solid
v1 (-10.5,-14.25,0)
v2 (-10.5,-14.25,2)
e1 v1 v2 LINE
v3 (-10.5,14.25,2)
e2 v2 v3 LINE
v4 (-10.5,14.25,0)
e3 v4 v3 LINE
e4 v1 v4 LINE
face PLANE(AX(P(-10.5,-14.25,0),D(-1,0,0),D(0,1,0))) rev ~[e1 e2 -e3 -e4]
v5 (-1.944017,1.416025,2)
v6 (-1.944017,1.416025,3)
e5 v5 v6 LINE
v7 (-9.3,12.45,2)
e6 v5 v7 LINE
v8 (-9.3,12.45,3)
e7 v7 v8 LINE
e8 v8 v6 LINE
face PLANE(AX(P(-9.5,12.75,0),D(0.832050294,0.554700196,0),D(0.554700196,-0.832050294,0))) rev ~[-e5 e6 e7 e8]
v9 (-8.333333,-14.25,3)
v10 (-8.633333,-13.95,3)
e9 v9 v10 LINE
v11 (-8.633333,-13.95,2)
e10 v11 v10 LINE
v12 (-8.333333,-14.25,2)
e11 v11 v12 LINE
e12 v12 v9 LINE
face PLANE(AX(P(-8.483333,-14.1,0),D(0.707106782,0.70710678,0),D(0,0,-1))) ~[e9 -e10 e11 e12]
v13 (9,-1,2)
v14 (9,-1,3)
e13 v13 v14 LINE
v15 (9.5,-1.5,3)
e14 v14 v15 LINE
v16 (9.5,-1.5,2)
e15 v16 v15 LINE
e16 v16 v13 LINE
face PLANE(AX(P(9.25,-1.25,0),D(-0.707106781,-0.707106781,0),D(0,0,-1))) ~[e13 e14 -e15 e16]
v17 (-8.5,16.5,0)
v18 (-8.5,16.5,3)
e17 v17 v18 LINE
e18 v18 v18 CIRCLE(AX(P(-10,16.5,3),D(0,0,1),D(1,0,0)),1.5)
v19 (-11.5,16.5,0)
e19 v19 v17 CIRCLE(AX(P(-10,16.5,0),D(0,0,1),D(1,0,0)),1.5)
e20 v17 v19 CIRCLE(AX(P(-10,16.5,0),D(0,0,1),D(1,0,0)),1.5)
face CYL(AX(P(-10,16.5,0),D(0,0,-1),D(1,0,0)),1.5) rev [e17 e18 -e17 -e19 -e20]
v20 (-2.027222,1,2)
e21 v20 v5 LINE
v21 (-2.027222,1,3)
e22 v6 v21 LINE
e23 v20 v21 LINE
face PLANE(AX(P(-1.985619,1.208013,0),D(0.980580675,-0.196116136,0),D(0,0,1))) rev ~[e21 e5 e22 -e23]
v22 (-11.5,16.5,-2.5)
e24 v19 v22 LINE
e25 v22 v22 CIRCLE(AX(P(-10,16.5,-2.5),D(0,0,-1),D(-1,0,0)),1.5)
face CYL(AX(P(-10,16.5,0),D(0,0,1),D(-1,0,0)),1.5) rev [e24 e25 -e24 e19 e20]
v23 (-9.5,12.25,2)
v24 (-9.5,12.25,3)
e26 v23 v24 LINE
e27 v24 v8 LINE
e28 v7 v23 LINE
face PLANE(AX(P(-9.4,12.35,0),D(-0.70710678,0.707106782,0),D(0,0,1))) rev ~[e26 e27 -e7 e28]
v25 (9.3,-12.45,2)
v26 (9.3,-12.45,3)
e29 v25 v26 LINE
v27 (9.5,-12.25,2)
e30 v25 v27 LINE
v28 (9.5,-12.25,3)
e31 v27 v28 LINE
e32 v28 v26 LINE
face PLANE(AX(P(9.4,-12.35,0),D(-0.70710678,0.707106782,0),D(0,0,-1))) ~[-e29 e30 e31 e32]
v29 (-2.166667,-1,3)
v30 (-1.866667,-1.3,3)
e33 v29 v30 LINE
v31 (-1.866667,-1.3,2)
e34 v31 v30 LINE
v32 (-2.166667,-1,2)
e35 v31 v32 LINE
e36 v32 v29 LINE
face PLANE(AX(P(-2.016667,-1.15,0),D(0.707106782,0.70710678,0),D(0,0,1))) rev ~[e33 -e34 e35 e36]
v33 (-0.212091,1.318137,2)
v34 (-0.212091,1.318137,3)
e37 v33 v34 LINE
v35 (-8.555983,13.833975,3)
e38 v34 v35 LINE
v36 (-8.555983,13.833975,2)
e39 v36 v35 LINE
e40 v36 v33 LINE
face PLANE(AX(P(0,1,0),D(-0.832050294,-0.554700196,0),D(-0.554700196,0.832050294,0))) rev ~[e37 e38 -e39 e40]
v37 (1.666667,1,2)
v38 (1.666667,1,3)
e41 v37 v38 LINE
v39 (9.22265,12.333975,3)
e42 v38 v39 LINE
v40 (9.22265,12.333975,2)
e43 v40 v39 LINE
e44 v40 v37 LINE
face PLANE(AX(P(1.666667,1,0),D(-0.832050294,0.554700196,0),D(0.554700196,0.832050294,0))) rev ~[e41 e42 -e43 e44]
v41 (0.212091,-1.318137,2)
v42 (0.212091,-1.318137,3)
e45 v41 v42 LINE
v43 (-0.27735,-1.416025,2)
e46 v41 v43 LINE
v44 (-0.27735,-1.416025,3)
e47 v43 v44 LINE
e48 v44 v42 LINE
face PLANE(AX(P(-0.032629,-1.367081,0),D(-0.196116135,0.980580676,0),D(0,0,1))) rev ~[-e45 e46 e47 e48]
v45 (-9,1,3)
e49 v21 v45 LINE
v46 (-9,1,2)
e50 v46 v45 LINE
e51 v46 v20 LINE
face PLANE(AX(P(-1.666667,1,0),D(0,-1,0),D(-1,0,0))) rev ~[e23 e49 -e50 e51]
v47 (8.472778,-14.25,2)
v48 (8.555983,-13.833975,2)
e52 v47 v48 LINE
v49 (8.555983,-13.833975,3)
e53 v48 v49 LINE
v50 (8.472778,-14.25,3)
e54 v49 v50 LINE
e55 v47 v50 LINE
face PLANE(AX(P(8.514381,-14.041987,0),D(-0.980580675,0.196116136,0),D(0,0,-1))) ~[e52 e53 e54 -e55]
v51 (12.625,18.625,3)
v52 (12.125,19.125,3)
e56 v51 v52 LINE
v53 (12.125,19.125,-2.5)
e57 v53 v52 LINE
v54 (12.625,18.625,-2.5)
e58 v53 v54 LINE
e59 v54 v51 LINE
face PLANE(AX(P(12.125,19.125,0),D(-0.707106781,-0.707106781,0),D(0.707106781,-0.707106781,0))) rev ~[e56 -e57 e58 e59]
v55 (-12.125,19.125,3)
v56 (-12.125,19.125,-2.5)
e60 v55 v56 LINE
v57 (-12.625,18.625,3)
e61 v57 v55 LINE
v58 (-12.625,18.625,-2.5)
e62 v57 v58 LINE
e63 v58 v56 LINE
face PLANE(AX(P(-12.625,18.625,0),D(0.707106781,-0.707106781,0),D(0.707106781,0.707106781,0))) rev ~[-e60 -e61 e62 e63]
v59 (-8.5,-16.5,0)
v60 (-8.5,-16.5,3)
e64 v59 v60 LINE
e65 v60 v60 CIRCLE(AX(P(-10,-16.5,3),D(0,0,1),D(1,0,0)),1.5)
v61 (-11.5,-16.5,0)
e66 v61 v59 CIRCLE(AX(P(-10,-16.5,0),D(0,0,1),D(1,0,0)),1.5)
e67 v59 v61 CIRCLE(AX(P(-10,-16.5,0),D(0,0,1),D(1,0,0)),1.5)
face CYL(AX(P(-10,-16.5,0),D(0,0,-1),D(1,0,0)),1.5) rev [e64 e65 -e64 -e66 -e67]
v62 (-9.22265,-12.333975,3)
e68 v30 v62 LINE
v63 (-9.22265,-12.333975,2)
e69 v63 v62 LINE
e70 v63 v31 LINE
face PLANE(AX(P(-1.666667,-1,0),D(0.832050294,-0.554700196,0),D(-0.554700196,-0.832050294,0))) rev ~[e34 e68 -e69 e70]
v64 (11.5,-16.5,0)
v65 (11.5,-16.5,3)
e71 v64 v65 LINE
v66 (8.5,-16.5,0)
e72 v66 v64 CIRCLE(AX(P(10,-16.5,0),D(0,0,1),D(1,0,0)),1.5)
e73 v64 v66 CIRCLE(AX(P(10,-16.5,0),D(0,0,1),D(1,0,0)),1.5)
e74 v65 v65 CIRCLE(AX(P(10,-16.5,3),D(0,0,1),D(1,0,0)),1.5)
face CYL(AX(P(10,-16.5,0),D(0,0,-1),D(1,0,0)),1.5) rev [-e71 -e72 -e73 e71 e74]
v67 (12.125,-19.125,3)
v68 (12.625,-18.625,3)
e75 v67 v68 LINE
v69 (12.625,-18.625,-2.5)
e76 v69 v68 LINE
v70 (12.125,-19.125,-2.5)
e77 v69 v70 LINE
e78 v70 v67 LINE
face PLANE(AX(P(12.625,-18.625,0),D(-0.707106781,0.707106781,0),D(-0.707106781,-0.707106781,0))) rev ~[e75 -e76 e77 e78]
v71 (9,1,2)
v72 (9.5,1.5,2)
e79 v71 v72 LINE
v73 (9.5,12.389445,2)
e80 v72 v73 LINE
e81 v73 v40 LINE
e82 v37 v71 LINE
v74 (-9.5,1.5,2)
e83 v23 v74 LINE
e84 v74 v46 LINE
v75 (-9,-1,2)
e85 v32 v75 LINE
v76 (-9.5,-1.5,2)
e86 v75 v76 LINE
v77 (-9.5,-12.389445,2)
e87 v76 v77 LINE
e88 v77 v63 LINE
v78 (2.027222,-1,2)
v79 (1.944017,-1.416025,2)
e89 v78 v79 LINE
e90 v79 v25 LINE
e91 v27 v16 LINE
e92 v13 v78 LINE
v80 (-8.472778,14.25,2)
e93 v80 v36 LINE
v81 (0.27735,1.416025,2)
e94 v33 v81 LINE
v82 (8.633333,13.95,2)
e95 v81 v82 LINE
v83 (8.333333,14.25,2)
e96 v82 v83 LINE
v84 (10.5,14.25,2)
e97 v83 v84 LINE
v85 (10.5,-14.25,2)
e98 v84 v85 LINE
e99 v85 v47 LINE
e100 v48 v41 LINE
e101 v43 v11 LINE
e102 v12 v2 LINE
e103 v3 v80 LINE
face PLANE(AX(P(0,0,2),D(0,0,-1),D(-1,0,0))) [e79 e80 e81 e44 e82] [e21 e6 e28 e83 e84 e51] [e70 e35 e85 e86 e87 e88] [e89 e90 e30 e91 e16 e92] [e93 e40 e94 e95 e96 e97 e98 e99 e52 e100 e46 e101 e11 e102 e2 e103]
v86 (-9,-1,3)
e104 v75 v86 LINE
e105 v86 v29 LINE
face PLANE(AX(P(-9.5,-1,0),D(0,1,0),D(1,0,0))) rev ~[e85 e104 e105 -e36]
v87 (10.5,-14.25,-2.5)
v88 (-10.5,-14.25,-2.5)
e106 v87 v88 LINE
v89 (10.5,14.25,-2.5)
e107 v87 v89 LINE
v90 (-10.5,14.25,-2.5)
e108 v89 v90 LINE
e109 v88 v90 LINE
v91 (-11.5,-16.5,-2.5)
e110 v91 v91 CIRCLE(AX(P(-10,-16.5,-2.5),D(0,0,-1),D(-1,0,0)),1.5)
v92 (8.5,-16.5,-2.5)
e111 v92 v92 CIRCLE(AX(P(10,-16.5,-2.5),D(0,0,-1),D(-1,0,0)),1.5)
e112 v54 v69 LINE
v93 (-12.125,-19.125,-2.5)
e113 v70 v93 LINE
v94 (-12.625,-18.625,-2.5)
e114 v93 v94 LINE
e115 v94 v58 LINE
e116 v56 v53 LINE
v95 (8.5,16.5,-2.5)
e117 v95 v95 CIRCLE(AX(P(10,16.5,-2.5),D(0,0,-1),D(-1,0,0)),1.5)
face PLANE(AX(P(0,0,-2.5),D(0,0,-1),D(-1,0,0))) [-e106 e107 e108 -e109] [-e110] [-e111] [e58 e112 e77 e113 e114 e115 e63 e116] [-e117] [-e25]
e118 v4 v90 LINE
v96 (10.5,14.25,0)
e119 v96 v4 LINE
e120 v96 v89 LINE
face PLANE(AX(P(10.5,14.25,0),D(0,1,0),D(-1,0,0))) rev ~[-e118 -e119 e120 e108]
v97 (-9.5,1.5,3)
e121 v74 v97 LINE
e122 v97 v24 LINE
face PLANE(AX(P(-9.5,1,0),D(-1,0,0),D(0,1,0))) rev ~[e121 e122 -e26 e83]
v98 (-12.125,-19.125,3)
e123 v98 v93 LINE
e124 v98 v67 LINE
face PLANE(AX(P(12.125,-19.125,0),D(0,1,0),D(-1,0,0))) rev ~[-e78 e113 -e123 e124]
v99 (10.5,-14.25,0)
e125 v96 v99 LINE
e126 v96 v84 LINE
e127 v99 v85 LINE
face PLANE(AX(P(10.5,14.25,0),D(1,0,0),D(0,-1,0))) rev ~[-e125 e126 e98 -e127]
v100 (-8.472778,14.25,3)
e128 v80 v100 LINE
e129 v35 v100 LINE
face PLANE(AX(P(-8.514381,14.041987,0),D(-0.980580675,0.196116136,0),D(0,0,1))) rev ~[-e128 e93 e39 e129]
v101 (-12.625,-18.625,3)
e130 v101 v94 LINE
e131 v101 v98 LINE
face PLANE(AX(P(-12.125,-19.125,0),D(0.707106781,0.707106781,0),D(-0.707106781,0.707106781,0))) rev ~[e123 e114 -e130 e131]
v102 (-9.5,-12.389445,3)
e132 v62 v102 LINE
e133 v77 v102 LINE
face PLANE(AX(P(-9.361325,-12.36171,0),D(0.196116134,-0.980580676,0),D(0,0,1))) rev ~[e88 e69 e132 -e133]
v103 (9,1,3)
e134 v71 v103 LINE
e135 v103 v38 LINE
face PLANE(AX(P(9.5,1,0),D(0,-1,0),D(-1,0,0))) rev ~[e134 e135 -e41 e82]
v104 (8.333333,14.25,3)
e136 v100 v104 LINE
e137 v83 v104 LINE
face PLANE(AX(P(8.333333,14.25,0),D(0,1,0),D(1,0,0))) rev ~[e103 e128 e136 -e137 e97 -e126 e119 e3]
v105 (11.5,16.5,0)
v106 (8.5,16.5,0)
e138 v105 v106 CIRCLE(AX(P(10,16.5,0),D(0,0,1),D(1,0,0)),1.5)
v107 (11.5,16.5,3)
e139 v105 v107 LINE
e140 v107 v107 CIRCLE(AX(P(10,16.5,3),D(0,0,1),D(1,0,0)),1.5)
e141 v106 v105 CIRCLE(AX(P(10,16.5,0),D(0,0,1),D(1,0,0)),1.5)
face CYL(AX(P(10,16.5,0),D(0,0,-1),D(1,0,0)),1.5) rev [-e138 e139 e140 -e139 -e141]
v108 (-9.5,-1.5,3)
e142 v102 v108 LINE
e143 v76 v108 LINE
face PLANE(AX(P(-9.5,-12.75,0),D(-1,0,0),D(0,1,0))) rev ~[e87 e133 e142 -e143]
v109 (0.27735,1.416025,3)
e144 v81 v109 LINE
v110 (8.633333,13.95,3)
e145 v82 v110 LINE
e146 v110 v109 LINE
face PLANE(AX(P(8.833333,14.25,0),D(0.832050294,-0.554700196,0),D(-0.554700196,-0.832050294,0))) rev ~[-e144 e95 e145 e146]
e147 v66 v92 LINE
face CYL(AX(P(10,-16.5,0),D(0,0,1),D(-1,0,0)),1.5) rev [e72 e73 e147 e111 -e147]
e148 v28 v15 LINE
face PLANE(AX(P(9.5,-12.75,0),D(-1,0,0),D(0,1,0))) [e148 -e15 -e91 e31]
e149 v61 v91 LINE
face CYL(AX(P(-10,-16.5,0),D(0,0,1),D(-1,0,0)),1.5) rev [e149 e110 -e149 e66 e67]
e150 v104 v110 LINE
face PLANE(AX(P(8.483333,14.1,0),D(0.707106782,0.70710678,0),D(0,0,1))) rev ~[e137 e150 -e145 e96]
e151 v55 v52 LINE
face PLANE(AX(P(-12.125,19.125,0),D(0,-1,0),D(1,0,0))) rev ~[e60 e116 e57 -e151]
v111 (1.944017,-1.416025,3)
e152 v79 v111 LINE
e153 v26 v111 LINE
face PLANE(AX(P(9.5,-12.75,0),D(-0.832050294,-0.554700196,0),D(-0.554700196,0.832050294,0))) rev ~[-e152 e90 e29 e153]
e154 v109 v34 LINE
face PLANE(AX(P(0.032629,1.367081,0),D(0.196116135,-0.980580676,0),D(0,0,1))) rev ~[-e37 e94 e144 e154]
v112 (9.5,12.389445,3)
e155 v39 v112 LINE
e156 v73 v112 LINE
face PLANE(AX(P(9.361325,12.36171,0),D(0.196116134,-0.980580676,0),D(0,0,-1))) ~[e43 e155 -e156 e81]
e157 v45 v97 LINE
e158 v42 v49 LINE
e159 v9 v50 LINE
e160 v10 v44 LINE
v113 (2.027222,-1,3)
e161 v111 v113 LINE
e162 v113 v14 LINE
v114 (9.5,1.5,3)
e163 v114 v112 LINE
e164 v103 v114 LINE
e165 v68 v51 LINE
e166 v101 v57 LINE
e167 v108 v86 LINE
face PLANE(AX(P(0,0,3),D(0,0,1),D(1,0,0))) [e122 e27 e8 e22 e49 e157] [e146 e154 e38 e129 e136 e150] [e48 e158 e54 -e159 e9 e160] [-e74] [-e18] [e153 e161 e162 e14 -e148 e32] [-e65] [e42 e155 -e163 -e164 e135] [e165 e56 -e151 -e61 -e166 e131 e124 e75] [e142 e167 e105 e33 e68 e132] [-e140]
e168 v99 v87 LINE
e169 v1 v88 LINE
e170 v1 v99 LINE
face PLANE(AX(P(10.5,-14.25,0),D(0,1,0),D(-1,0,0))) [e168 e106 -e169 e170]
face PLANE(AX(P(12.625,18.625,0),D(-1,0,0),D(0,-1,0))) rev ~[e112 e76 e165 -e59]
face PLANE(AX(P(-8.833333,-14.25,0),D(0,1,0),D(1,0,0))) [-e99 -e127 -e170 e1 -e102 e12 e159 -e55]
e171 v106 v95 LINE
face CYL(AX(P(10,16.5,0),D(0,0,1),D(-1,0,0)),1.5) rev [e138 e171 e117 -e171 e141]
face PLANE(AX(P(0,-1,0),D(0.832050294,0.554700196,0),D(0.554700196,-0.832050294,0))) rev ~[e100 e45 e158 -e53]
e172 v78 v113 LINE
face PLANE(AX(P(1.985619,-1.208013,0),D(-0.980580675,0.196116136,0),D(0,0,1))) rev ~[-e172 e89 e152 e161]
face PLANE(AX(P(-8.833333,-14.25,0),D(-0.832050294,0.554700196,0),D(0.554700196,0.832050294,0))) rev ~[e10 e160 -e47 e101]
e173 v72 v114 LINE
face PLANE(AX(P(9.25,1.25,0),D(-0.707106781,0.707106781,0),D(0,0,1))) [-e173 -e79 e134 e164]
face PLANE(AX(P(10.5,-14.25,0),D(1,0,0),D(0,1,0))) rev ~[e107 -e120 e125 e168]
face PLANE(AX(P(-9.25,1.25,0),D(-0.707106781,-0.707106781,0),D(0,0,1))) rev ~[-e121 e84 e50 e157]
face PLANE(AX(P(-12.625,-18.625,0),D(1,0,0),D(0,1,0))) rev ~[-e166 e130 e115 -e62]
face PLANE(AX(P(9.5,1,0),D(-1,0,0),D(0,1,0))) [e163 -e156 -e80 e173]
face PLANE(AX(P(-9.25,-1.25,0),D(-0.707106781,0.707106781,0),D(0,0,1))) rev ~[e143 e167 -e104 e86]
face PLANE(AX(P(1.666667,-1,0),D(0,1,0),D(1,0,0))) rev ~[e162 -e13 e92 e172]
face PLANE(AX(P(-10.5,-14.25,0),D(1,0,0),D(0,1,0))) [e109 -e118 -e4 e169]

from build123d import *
from OCP.BRepFilletAPI import BRepFilletAPI_MakeChamfer

# Parameters (mm, degrees)
SKETCH2_W           = 25.25
SKETCH2_H           = 38.25
SKETCH2_R           = 1.5
SKETCH2_W_2         = 19
SKETCH2_H_2         = 28.5
SKETCH2_R_2         = 1
BOSS_EXTRUDE1_DEPTH = 3
CHAMFER1_SIZE       = 0.5
CHAMFER1_SIZE2      = 0.360555128
CHAMFER1_SIZE2_2    = 0.382352941
CUT_EXTRUDE1_DEPTH  = 2
SKETCH5_R           = 1.5
SKETCH5_W           = 21
SKETCH5_H           = 28.5
BOSS_EXTRUDE2_DEPTH = 2.5


with BuildPart() as part:
    # Sketch2 → Boss-Extrude1 (new body)
    with BuildSketch(Plane.XY):
        Rectangle(SKETCH2_W, SKETCH2_H)
        with Locations((-10, -16.5)):
            Circle(SKETCH2_R, mode=Mode.SUBTRACT)
        with Locations((10, -16.5)):
            Circle(SKETCH2_R, mode=Mode.SUBTRACT)
        with Locations((10, 16.5)):
            Circle(SKETCH2_R, mode=Mode.SUBTRACT)
        with Locations((-10, 16.5)):
            Circle(SKETCH2_R, mode=Mode.SUBTRACT)
        Rectangle(SKETCH2_W_2, SKETCH2_H_2, mode=Mode.SUBTRACT)
        Polygon((-1.666666667, -1), (-1, 0), (-1.666666667, 1), (-9.5, 1), (-9.5, -1), align=None)
        with BuildLine():
            Line((-9.5, -14.25), (-8.833333333, -14.25))
            Line((-8.833333333, -14.25), (0, -1))
            ThreePointArc((0, -1), (-0.707106781, -0.707106781), (-1, 0))
            Line((-1, 0), (-1.666666667, -1))
            Line((-1.666666667, -1), (-9.5, -12.75))
            Line((-9.5, -12.75), (-9.5, -14.25))
        make_face()
        with BuildLine():
            Line((8.833333333, -14.25), (9.5, -14.25))
            Line((9.5, -14.25), (9.5, -12.75))
            Line((9.5, -12.75), (1.666666667, -1))
            Line((1.666666667, -1), (1, 0))
            ThreePointArc((1, 0), (0.707106781, -0.707106781), (0, -1))
            Line((0, -1), (8.833333333, -14.25))
        make_face()
        Polygon((1.666666667, -1), (9.5, -1), (9.5, 1), (1.666666667, 1), (1, 0), align=None)
        with BuildLine():
            ThreePointArc((0, 1), (0.707106781, 0.707106781), (1, 0))
            Line((1, 0), (1.666666667, 1))
            Line((1.666666667, 1), (9.5, 12.75))
            Line((9.5, 12.75), (9.5, 14.25))
            Line((9.5, 14.25), (8.833333333, 14.25))
            Line((8.833333333, 14.25), (0, 1))
        make_face()
        Circle(SKETCH2_R_2)
        with BuildLine():
            Line((-1.666666667, 1), (-1, 0))
            ThreePointArc((-1, 0), (-0.707106781, 0.707106781), (0, 1))
            Line((0, 1), (-8.833333333, 14.25))
            Line((-8.833333333, 14.25), (-9.5, 14.25))
            Line((-9.5, 14.25), (-9.5, 12.75))
            Line((-9.5, 12.75), (-1.666666667, 1))
        make_face()
    extrude(amount=BOSS_EXTRUDE1_DEPTH)

    # Chamfer1: one chamfer whose edges measure the first distance from different faces: ONE call of the kernel's chamfer builder (chamfer() names one face for all edges)
    chamfer1_edges_1 = [part.edges().sort_by_distance(p)[0] for p in [
        (-12.625, 19.125, 1.5),
        (12.625, 19.125, 1.5),
        (12.625, -19.125, 1.5),
        (-12.625, -19.125, 1.5),
        (-9.5, 1, 1.5),
        (-9.5, -1, 1.5),
        (9.5, -1, 1.5),
        (9.5, 1, 1.5),
    ]]
    chamfer1_edges_2 = [part.edges().sort_by_distance(p)[0] for p in [
        (-1.666666667, 1, 1.5),
    ]]
    chamfer1_side_2 = [part.faces().sort_by_distance(p)[0] for p in [
        (-5.583333333, 6.875, 1.5),
    ]]
    chamfer1_edges_3 = [part.edges().sort_by_distance(p)[0] for p in [
        (-9.5, 12.75, 1.5),
    ]]
    chamfer1_side_3 = [part.faces().sort_by_distance(p)[0] for p in [
        (-9.5, 6.875, 1.5),
    ]]
    chamfer1_edges_4 = [part.edges().sort_by_distance(p)[0] for p in [
        (-1.666666667, -1, 1.5),
    ]]
    chamfer1_side_4 = [part.faces().sort_by_distance(p)[0] for p in [
        (-5.583333333, -1, 1.5),
    ]]
    chamfer1_edges_5 = [part.edges().sort_by_distance(p)[0] for p in [
        (-9.5, -12.75, 1.5),
    ]]
    chamfer1_side_5 = [part.faces().sort_by_distance(p)[0] for p in [
        (-5.583333333, -6.875, 1.5),
    ]]
    chamfer1_edges_6 = [part.edges().sort_by_distance(p)[0] for p in [
        (8.833333333, 14.25, 1.5),
    ]]
    chamfer1_side_6 = [part.faces().sort_by_distance(p)[0] for p in [
        (0, 14.25, 1.5),
    ]]
    chamfer1_edges_7 = [part.edges().sort_by_distance(p)[0] for p in [
        (-8.833333333, 14.25, 1.5),
    ]]
    chamfer1_side_7 = [part.faces().sort_by_distance(p)[0] for p in [
        (-4.416666667, 7.625, 1.5),
    ]]
    chamfer1_edges_8 = [part.edges().sort_by_distance(p)[0] for p in [
        (0, 1, 1.5),
    ]]
    chamfer1_side_8 = [part.faces().sort_by_distance(p)[0] for p in [
        (4.416666667, 7.625, 1.5),
    ]]
    chamfer1_edges_9 = [part.edges().sort_by_distance(p)[0] for p in [
        (9.5, -12.75, 1.5),
    ]]
    chamfer1_side_9 = [part.faces().sort_by_distance(p)[0] for p in [
        (9.5, -6.875, 1.5),
    ]]
    chamfer1_edges_10 = [part.edges().sort_by_distance(p)[0] for p in [
        (1.666666667, -1, 1.5),
    ]]
    chamfer1_side_10 = [part.faces().sort_by_distance(p)[0] for p in [
        (5.583333333, -6.875, 1.5),
    ]]
    chamfer1_edges_11 = [part.edges().sort_by_distance(p)[0] for p in [
        (-8.833333333, -14.25, 1.5),
    ]]
    chamfer1_side_11 = [part.faces().sort_by_distance(p)[0] for p in [
        (0, -14.25, 1.5),
    ]]
    chamfer1_edges_12 = [part.edges().sort_by_distance(p)[0] for p in [
        (8.833333333, -14.25, 1.5),
    ]]
    chamfer1_side_12 = [part.faces().sort_by_distance(p)[0] for p in [
        (4.416666667, -7.625, 1.5),
    ]]
    chamfer1_edges_13 = [part.edges().sort_by_distance(p)[0] for p in [
        (0, -1, 1.5),
    ]]
    chamfer1_side_13 = [part.faces().sort_by_distance(p)[0] for p in [
        (-4.416666667, -7.625, 1.5),
    ]]
    chamfer1_edges_14 = [part.edges().sort_by_distance(p)[0] for p in [
        (9.5, 12.75, 1.5),
    ]]
    chamfer1_side_14 = [part.faces().sort_by_distance(p)[0] for p in [
        (5.583333333, 6.875, 1.5),
    ]]
    chamfer1 = BRepFilletAPI_MakeChamfer(part.part.solid().wrapped)
    for e in chamfer1_edges_1:
        chamfer1.Add(CHAMFER1_SIZE, e.wrapped)
    for e in chamfer1_edges_2:
        chamfer1.Add(CHAMFER1_SIZE, CHAMFER1_SIZE2, e.wrapped, chamfer1_side_2[0].wrapped)  # the first distance lies on this face
    for e in chamfer1_edges_3:
        chamfer1.Add(CHAMFER1_SIZE, CHAMFER1_SIZE2, e.wrapped, chamfer1_side_3[0].wrapped)  # the first distance lies on this face
    for e in chamfer1_edges_4:
        chamfer1.Add(CHAMFER1_SIZE, CHAMFER1_SIZE2, e.wrapped, chamfer1_side_4[0].wrapped)  # the first distance lies on this face
    for e in chamfer1_edges_5:
        chamfer1.Add(CHAMFER1_SIZE, CHAMFER1_SIZE2, e.wrapped, chamfer1_side_5[0].wrapped)  # the first distance lies on this face
    for e in chamfer1_edges_6:
        chamfer1.Add(CHAMFER1_SIZE, CHAMFER1_SIZE2, e.wrapped, chamfer1_side_6[0].wrapped)  # the first distance lies on this face
    for e in chamfer1_edges_7:
        chamfer1.Add(CHAMFER1_SIZE, CHAMFER1_SIZE2, e.wrapped, chamfer1_side_7[0].wrapped)  # the first distance lies on this face
    for e in chamfer1_edges_8:
        chamfer1.Add(CHAMFER1_SIZE, CHAMFER1_SIZE2_2, e.wrapped, chamfer1_side_8[0].wrapped)  # the first distance lies on this face
    for e in chamfer1_edges_9:
        chamfer1.Add(CHAMFER1_SIZE, CHAMFER1_SIZE2, e.wrapped, chamfer1_side_9[0].wrapped)  # the first distance lies on this face
    for e in chamfer1_edges_10:
        chamfer1.Add(CHAMFER1_SIZE, CHAMFER1_SIZE2, e.wrapped, chamfer1_side_10[0].wrapped)  # the first distance lies on this face
    for e in chamfer1_edges_11:
        chamfer1.Add(CHAMFER1_SIZE, CHAMFER1_SIZE2, e.wrapped, chamfer1_side_11[0].wrapped)  # the first distance lies on this face
    for e in chamfer1_edges_12:
        chamfer1.Add(CHAMFER1_SIZE, CHAMFER1_SIZE2, e.wrapped, chamfer1_side_12[0].wrapped)  # the first distance lies on this face
    for e in chamfer1_edges_13:
        chamfer1.Add(CHAMFER1_SIZE, CHAMFER1_SIZE2_2, e.wrapped, chamfer1_side_13[0].wrapped)  # the first distance lies on this face
    for e in chamfer1_edges_14:
        chamfer1.Add(CHAMFER1_SIZE, CHAMFER1_SIZE2, e.wrapped, chamfer1_side_14[0].wrapped)  # the first distance lies on this face
    add(Compound.cast(chamfer1.Shape()), mode=Mode.REPLACE)

    # Sketch3 → Cut-Extrude1 (cut)
    with BuildSketch(Plane(origin=(0, 0, 0), x_dir=(-1, 0, 0), z_dir=(0, 0, -1))):
        Polygon((10.5, -14.25), (10.5, 14.25), (8.472778206, 14.25), (8.555983235, 13.833974853), (0.212091251, 1.318136877), (-0.277350098, 1.416025147), (-8.633333333, 13.95), (-8.333333333, 14.25), (-10.5, 14.25), (-10.5, -14.25), (-8.472778206, -14.25), (-8.555983235, -13.833974853), (-0.212091251, -1.318136877), (0.277350098, -1.416025147), (8.633333333, -13.95), (8.333333333, -14.25), align=None)
        Polygon((-1.666666667, 1), (-9, 1), (-9.5, 1.5), (-9.5, 12.389444872), (-9.222649902, 12.333974853), align=None, mode=Mode.SUBTRACT)
        Polygon((-9.5, -1.5), (-9, -1), (-2.027221794, -1), (-1.944016765, -1.416025147), (-9.3, -12.45), (-9.5, -12.25), align=None, mode=Mode.SUBTRACT)
        Polygon((9.5, 1.5), (9, 1), (2.027221794, 1), (1.944016765, 1.416025147), (9.3, 12.45), (9.5, 12.25), align=None, mode=Mode.SUBTRACT)
        Polygon((9.222649902, -12.333974853), (1.866666667, -1.3), (2.166666667, -1), (9, -1), (9.5, -1.5), (9.5, -12.389444872), align=None, mode=Mode.SUBTRACT)
    extrude(amount=-CUT_EXTRUDE1_DEPTH, mode=Mode.SUBTRACT)

    # Sketch5 → Boss-Extrude2 (add)
    with BuildSketch(Plane(origin=(0, 0, 0), x_dir=(-1, 0, 0), z_dir=(0, 0, -1))):
        Polygon((-12.125, -19.125), (12.125, -19.125), (12.625, -18.625), (12.625, 18.625), (12.125, 19.125), (-12.125, 19.125), (-12.625, 18.625), (-12.625, -18.625), align=None)
        with Locations((-10, -16.5)):
            Circle(SKETCH5_R, mode=Mode.SUBTRACT)
        with Locations((10, -16.5)):
            Circle(SKETCH5_R, mode=Mode.SUBTRACT)
        with Locations((10, 16.5)):
            Circle(SKETCH5_R, mode=Mode.SUBTRACT)
        with Locations((-10, 16.5)):
            Circle(SKETCH5_R, mode=Mode.SUBTRACT)
        Rectangle(SKETCH5_W, SKETCH5_H, mode=Mode.SUBTRACT)
    extrude(amount=BOSS_EXTRUDE2_DEPTH)


solid = part.part
